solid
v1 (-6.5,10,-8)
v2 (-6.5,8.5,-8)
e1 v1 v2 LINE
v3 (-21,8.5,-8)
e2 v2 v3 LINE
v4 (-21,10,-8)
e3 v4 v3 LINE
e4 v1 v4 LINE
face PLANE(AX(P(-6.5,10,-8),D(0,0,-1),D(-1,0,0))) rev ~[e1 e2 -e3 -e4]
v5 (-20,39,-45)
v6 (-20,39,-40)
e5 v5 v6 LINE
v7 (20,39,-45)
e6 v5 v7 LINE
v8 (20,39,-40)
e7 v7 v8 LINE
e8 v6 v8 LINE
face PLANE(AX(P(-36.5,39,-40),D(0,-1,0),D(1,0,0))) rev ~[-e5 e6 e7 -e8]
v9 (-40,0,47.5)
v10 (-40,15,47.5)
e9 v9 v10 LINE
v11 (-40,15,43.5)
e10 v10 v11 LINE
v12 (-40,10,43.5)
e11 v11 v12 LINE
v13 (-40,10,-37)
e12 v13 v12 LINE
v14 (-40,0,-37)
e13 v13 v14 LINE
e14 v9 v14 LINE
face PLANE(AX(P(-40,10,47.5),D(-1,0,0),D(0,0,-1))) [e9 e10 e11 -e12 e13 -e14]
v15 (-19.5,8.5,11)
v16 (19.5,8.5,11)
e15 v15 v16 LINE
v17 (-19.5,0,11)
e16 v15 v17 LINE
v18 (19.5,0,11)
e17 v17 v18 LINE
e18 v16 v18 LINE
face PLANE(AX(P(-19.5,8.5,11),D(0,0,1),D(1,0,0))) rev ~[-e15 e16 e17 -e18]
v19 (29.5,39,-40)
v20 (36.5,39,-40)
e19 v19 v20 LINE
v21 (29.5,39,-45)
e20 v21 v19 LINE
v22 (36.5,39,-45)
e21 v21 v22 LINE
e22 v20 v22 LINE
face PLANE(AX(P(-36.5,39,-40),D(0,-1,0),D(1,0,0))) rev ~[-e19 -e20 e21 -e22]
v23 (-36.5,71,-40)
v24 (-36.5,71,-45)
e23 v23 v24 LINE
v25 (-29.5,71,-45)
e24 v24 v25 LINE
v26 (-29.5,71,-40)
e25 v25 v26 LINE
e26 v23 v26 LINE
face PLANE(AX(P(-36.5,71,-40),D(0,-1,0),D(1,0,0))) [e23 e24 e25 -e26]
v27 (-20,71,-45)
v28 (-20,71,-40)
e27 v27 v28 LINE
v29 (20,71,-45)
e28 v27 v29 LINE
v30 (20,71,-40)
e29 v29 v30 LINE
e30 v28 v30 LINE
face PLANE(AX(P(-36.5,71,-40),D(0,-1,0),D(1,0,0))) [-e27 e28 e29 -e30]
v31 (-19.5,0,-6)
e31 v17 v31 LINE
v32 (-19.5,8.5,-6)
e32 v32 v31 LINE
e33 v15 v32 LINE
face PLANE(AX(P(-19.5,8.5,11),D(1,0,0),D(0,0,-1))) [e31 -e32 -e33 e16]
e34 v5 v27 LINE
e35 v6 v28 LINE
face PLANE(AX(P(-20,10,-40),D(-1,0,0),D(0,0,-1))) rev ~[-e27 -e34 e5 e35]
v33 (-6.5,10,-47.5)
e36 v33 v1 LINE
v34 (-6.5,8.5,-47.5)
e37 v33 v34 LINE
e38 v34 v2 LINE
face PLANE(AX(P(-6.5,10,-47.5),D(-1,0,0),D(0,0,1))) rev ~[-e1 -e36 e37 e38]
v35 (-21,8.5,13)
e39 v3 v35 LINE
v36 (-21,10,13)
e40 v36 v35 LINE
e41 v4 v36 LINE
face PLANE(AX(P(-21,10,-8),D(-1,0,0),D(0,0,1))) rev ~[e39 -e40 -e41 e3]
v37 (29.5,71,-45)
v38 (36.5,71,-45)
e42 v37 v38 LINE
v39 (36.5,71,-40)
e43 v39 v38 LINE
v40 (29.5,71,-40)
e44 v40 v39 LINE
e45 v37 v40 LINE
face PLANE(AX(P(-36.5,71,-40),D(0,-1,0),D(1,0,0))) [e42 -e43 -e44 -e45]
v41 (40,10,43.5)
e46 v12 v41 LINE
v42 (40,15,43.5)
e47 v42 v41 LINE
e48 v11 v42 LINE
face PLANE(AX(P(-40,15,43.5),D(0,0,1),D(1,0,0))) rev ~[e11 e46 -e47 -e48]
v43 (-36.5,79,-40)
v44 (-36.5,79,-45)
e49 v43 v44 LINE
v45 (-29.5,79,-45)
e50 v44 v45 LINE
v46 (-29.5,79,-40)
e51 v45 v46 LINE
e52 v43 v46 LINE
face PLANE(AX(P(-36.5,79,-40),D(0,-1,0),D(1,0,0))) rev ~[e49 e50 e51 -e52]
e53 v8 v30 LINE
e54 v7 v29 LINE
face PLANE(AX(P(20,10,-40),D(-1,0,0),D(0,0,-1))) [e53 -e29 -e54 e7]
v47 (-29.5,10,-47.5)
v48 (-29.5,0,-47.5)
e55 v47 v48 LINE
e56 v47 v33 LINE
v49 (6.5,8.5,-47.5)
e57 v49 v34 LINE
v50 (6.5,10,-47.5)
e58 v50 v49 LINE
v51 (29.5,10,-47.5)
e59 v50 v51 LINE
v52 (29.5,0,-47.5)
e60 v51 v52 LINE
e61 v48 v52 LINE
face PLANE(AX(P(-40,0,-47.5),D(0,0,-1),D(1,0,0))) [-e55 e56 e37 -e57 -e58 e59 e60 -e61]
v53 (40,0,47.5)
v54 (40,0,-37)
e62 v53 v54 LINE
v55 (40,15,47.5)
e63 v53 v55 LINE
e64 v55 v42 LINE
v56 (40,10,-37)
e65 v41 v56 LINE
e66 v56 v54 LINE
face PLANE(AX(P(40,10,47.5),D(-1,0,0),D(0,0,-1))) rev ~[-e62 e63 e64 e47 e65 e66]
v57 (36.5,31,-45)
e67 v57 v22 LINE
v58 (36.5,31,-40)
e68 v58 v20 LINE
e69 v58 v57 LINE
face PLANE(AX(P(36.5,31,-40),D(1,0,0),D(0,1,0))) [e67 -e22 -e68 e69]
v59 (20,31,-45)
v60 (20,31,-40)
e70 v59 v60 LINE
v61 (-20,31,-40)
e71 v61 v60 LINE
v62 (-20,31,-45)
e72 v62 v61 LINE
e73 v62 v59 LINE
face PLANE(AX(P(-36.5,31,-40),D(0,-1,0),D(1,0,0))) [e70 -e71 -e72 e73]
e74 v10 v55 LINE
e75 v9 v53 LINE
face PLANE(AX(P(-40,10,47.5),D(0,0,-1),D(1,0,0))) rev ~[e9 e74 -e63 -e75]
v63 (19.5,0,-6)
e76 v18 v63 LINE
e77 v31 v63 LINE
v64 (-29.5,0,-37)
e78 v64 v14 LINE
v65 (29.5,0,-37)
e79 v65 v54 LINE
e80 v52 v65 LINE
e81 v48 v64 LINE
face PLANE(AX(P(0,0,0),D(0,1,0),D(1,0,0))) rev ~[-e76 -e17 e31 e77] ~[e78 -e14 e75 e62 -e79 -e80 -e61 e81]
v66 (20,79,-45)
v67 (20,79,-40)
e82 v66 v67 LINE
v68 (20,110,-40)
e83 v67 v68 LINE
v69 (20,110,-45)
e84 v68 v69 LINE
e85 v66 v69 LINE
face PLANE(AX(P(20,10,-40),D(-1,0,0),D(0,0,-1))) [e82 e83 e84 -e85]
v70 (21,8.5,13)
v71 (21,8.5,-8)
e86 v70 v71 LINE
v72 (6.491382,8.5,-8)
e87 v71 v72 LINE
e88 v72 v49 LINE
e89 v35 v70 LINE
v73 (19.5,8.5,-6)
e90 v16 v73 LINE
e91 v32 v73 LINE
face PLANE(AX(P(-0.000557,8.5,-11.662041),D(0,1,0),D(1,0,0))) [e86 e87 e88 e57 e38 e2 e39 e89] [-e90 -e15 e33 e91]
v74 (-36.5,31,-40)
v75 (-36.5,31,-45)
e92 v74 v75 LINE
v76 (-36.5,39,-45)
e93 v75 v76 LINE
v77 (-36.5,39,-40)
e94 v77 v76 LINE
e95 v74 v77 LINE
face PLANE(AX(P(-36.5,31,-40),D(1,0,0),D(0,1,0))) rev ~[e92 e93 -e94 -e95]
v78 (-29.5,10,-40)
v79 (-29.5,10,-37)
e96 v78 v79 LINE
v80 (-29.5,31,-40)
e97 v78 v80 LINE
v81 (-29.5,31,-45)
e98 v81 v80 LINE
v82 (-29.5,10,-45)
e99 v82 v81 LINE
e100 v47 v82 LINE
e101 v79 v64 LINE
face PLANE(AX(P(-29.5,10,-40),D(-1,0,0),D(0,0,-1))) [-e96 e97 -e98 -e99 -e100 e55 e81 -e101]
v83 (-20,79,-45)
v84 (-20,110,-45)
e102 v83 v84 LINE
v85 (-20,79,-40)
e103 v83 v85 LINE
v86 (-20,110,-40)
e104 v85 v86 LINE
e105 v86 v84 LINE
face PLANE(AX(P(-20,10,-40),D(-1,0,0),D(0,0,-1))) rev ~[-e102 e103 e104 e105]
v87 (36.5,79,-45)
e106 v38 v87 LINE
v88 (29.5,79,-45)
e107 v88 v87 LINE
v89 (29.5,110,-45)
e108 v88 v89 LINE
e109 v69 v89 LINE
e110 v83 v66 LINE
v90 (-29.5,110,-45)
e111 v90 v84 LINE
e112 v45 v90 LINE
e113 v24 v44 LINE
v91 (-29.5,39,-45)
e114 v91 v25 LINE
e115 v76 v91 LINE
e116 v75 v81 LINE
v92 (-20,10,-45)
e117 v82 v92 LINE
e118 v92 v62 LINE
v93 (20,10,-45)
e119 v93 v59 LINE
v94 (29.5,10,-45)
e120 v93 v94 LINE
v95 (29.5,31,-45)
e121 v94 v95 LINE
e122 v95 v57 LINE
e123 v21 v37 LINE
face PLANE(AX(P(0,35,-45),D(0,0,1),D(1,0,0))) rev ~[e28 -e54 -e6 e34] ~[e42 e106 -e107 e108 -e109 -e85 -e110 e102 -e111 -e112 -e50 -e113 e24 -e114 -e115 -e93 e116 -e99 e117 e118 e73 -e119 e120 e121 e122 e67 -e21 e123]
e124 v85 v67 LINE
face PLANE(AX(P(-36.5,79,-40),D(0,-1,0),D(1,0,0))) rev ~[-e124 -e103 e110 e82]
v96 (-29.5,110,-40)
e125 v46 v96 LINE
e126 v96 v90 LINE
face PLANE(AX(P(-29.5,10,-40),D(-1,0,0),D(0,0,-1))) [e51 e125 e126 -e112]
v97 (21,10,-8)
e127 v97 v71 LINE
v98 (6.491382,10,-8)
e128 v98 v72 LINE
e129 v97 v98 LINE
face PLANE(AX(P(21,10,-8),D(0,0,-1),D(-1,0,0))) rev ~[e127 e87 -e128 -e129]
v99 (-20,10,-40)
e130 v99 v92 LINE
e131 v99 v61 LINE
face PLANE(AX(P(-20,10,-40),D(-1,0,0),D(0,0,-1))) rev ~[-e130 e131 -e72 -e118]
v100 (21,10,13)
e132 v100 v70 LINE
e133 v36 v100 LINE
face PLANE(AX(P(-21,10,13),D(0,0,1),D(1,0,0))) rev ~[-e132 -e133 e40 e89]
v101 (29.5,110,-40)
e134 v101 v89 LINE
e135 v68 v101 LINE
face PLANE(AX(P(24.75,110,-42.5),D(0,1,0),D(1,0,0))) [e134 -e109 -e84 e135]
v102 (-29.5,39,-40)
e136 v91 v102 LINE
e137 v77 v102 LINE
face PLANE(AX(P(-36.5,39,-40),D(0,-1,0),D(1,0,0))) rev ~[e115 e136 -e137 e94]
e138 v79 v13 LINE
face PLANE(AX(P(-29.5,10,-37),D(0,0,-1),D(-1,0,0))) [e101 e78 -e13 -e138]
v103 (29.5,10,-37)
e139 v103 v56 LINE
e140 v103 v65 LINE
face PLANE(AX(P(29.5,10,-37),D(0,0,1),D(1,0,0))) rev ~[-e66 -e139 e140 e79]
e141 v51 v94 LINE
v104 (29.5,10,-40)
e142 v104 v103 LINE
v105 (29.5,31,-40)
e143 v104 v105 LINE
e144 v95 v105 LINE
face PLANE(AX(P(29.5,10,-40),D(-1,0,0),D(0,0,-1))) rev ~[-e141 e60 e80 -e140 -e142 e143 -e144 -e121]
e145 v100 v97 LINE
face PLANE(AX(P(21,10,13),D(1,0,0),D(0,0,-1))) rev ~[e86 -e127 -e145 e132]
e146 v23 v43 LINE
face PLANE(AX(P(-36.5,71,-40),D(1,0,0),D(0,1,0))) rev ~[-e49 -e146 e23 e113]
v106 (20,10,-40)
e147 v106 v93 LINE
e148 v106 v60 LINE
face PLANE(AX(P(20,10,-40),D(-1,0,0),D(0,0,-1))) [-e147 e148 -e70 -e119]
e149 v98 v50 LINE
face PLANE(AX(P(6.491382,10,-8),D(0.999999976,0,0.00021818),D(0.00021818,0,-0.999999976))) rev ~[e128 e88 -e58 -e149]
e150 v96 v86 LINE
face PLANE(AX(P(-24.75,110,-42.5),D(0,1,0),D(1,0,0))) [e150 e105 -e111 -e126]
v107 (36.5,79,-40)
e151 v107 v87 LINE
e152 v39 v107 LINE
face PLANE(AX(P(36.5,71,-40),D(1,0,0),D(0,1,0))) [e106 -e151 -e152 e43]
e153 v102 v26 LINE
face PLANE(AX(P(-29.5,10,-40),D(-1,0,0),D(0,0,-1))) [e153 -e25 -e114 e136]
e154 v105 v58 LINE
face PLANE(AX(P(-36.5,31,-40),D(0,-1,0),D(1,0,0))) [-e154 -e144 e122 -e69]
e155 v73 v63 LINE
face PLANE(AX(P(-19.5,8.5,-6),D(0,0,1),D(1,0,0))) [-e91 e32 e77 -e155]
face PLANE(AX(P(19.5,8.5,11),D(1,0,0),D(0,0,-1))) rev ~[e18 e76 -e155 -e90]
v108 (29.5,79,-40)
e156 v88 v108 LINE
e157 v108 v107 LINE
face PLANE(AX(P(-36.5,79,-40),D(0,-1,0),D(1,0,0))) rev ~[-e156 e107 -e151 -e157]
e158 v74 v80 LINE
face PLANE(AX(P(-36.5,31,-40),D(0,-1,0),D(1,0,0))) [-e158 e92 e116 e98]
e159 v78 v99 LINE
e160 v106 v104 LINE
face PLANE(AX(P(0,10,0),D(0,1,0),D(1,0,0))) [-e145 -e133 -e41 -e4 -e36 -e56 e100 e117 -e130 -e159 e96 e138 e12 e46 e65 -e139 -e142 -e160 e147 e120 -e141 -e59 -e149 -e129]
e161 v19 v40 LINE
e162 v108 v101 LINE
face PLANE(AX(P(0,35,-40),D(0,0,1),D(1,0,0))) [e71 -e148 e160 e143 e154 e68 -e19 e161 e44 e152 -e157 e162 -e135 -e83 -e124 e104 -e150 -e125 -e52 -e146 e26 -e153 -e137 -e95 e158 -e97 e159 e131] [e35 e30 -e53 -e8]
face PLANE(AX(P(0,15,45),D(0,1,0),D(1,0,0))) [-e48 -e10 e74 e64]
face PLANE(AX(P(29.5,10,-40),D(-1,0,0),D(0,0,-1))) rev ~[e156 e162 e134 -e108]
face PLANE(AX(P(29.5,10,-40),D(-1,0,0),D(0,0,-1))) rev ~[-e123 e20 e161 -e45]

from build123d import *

# Parameters (mm, degrees)
SKETCH1_W           = 80
SKETCH1_H           = 95
BOSS_EXTRUDE1_DEPTH = 10
SKETCH2_W           = 10
SKETCH2_H           = 10
CUT_EXTRUDE1_DEPTH  = 10
SKETCH3_W           = 80
SKETCH3_H           = 5
BOSS_EXTRUDE2_DEPTH = 5
CUT_EXTRUDE2_DEPTH  = 1.5
SKETCH5_W           = 39
SKETCH5_H           = 17
CUT_EXTRUDE3_DEPTH  = 8.5
SKETCH6_W           = 9.5
SKETCH6_H           = 5
BOSS_EXTRUDE3_DEPTH = 100
SKETCH7_W           = 73
SKETCH7_H           = 8
BOSS_EXTRUDE4_DEPTH = 5
SKETCH8_W           = 80
SKETCH8_H           = 1
CUT_EXTRUDE4_DEPTH  = 5
CUT_EXTRUDE5_DEPTH  = 10


with BuildPart() as part:
    # Sketch1 → Boss-Extrude1 (new body)
    with BuildSketch(Plane(origin=(0, 0, 0), x_dir=(1, 0, 0), z_dir=(0, 1, 0))):
        Rectangle(SKETCH1_W, SKETCH1_H)
    extrude(amount=BOSS_EXTRUDE1_DEPTH)

    # Sketch2 → Cut-Extrude1 (cut)
    with BuildSketch(Plane(origin=(0, 10, 0), x_dir=(1, 0, 0), z_dir=(0, 1, 0))):
        with Locations((-35, 42.5)):
            Rectangle(SKETCH2_W, SKETCH2_H)
        with Locations((35, 42.5)):
            Rectangle(SKETCH2_W, SKETCH2_H)
    extrude(amount=-CUT_EXTRUDE1_DEPTH, mode=Mode.SUBTRACT)

    # Sketch3 → Boss-Extrude2 (add)
    with BuildSketch(Plane(origin=(0, 10, 0), x_dir=(1, 0, 0), z_dir=(0, 1, 0))):
        with Locations((0, -45)):
            Rectangle(SKETCH3_W, SKETCH3_H)
    extrude(amount=BOSS_EXTRUDE2_DEPTH)

    # Sketch4 → Cut-Extrude2 (cut)
    with BuildSketch(Plane(origin=(0, 10, 0), x_dir=(1, 0, 0), z_dir=(0, 1, 0))):
        Polygon((-21, -13), (21, -13), (21, 8), (6.491381871, 8), (6.5, 47.5), (-6.5, 47.5), (-6.5, 8), (-21, 8), align=None)
    extrude(amount=-CUT_EXTRUDE2_DEPTH, mode=Mode.SUBTRACT)

    # Sketch5 → Cut-Extrude3 (cut)
    with BuildSketch(Plane(origin=(0, 8.5, 0), x_dir=(1, 0, 0), z_dir=(0, 1, 0))):
        with Locations((0, -2.5)):
            Rectangle(SKETCH5_W, SKETCH5_H)
    extrude(amount=-CUT_EXTRUDE3_DEPTH, mode=Mode.SUBTRACT)

    # Sketch6 → Boss-Extrude3 (add)
    with BuildSketch(Plane(origin=(0, 10, 0), x_dir=(1, 0, 0), z_dir=(0, 1, 0))):
        with Locations((-24.75, 42.5)):
            Rectangle(SKETCH6_W, SKETCH6_H)
        with Locations((24.75, 42.5)):
            Rectangle(SKETCH6_W, SKETCH6_H)
    extrude(amount=BOSS_EXTRUDE3_DEPTH)

    # Sketch7 → Boss-Extrude4 (add)
    with BuildSketch(Plane.XY.offset(-40)):
        with Locations((0, 35)):
            Rectangle(SKETCH7_W, SKETCH7_H)
        with Locations((0, 75)):
            Rectangle(SKETCH7_W, SKETCH7_H)
    extrude(amount=-BOSS_EXTRUDE4_DEPTH)

    # Sketch8 → Cut-Extrude4 (cut)
    with BuildSketch(Plane(origin=(0, 15, 0), x_dir=(1, 0, 0), z_dir=(0, 1, 0))):
        with Locations((0, -43)):
            Rectangle(SKETCH8_W, SKETCH8_H)
    extrude(amount=-CUT_EXTRUDE4_DEPTH, mode=Mode.SUBTRACT)

    # Sketch9 → Cut-Extrude5 (cut)
    with BuildSketch(Plane(origin=(0, 10, 0), x_dir=(1, 0, 0), z_dir=(0, 1, 0))):
        Polygon((30, 47.5), (29.5, 47.5), (29.5, 37), (40, 37), (40, 37.5), (30, 37.5), align=None)
        Polygon((-40, 37.5), (-30, 37.5), (-30, 47.5), (-29.5, 47.5), (-29.5, 37), (-40, 37), align=None)
    extrude(amount=-CUT_EXTRUDE5_DEPTH, mode=Mode.SUBTRACT)


solid = part.part
